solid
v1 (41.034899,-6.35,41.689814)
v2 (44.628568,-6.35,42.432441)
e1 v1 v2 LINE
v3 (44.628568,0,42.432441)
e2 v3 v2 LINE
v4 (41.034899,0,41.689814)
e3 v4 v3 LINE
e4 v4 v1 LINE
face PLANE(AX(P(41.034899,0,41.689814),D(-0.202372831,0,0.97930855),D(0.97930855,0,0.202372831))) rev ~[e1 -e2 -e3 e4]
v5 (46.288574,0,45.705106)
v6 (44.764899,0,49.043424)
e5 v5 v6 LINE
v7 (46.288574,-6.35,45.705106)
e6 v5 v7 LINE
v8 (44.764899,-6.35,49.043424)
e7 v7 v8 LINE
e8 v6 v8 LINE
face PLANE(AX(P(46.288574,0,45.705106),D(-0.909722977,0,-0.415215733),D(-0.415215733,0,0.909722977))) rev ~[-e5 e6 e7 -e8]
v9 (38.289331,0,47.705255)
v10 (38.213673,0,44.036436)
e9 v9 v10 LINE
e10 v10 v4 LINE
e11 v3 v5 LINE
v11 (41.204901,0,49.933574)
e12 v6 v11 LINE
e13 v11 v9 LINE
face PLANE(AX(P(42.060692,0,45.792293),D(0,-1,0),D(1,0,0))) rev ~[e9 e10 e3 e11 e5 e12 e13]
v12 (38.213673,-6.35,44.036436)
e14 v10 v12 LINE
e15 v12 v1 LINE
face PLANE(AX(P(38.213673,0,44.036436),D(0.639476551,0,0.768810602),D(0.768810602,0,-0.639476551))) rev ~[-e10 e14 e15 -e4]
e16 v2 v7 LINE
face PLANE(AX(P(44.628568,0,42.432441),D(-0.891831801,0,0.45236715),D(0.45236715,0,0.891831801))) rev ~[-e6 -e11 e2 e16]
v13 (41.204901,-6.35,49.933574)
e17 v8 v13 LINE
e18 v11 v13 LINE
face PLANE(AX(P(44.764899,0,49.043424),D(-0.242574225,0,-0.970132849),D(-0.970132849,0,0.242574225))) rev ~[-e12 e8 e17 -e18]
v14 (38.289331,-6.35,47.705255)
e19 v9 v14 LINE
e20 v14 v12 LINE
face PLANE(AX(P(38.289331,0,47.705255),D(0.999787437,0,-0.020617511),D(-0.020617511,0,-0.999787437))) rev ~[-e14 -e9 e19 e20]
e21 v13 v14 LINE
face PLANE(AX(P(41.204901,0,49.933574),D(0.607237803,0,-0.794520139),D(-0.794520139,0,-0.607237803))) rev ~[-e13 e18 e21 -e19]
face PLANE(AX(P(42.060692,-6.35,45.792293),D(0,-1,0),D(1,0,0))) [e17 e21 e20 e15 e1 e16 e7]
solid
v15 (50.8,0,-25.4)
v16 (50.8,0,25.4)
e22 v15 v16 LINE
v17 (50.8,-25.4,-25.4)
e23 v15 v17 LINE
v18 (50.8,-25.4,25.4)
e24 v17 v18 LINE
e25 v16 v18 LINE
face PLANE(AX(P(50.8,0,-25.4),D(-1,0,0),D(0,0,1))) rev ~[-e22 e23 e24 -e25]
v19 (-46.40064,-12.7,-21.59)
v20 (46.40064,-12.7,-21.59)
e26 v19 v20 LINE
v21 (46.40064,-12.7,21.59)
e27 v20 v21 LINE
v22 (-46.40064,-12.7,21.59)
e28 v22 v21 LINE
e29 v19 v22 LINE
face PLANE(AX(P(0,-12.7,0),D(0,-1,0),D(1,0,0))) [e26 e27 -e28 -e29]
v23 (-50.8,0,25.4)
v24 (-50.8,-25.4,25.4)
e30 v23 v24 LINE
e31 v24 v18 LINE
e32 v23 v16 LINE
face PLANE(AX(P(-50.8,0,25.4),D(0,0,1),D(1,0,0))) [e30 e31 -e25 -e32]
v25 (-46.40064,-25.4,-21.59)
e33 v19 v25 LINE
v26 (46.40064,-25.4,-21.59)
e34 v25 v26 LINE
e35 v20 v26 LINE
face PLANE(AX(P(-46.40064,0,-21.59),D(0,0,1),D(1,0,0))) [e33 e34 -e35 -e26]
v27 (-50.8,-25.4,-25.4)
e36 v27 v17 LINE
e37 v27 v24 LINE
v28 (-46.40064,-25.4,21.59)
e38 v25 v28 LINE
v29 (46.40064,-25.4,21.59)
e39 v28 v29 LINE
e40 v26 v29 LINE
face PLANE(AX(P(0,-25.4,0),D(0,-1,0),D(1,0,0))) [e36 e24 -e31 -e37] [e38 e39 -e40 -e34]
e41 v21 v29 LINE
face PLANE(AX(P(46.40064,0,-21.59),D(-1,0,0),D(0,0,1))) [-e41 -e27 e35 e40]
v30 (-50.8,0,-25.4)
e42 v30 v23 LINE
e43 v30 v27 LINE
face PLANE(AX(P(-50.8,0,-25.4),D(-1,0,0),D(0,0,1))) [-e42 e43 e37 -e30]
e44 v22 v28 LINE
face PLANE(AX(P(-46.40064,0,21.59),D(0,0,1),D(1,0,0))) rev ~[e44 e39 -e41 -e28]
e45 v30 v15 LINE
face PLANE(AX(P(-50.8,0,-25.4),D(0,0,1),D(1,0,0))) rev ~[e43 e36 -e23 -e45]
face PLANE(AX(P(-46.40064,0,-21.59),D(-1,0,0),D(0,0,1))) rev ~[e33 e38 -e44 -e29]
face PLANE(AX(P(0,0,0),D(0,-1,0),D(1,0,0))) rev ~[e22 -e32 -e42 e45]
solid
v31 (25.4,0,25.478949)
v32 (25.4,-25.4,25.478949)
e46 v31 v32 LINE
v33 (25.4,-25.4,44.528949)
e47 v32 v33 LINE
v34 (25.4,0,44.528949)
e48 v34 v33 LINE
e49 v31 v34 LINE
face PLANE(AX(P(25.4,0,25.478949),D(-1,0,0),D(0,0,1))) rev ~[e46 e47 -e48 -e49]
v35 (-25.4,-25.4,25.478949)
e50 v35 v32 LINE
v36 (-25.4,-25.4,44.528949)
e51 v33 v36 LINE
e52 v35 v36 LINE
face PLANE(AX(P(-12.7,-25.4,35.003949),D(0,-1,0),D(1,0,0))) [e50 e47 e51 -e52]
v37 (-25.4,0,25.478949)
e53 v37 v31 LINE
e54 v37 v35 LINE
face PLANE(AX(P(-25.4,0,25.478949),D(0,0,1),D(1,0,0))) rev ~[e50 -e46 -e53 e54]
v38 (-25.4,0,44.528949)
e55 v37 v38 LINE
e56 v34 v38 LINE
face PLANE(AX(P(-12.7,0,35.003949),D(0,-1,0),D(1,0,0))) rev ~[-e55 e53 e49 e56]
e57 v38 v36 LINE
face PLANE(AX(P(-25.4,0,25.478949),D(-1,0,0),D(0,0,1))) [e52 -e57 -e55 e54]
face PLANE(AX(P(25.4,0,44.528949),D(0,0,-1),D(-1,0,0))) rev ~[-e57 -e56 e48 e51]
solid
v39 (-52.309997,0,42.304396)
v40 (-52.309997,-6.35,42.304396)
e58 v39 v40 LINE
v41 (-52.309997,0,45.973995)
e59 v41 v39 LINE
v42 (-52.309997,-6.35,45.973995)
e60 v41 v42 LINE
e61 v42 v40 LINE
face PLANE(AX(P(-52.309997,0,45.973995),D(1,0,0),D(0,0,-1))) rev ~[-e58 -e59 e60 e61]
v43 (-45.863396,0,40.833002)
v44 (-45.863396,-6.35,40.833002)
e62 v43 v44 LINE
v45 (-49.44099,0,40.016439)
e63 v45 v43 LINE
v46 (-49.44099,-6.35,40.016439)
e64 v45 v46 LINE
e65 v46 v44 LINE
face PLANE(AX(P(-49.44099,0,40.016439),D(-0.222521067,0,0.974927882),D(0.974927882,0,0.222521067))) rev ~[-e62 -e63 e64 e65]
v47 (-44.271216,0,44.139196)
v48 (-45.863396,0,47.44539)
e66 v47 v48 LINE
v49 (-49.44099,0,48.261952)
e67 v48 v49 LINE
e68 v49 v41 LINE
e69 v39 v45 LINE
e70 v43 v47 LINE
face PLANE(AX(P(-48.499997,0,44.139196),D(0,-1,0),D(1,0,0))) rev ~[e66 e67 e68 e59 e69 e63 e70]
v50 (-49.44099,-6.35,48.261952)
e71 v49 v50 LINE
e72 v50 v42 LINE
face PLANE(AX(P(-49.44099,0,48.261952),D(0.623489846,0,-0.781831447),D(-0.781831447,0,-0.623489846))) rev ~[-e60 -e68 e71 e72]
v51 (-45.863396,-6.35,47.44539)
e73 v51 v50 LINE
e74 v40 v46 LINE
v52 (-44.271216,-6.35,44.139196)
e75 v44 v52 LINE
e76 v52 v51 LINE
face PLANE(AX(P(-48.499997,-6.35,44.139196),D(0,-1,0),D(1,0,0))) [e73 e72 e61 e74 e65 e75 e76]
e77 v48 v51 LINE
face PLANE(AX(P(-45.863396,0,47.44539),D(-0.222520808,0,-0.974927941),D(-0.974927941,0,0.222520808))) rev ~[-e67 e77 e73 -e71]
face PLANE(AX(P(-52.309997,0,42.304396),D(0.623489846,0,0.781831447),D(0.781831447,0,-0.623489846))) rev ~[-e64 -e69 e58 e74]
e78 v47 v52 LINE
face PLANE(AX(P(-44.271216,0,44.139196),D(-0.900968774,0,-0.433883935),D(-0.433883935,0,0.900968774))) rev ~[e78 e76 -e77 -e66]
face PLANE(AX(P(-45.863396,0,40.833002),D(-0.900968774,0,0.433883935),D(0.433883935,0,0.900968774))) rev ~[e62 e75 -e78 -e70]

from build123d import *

# Parameters (mm, degrees)
F0_W     = 92.80128
F0_H     = 43.18
F1_DEPTH = 12.7
F0_W_2   = 101.6
F0_H_2   = 50.8
F0_W_3   = 25.4
F0_H_3   = 19.05
F2_DEPTH = 25.4
F5_DEPTH = 6.35


with BuildPart() as f1:
    # F0 (on Front) → F1 (new body)
    with BuildSketch(Plane.XZ):
        Rectangle(F0_W, F0_H)
    extrude(amount=F1_DEPTH)

    # F0 (on Front) → F2 (join)
    with BuildSketch(Plane.XZ):
        Rectangle(F0_W_2, F0_H_2)
        Rectangle(F0_W, F0_H, mode=Mode.SUBTRACT)
        with Locations((-12.7, 35.003949)):
            Rectangle(F0_W_3, F0_H_3)
        with Locations((12.7, 35.003949)):
            Rectangle(F0_W_3, F0_H_3)
    extrude(amount=F2_DEPTH)


with BuildPart() as f5:
    # F4 (on Front) → F5 (new body)
    with BuildSketch(Plane.XZ):
        Polygon((-52.309997, 45.973995), (-52.309997, 42.304396), (-49.44099, 40.016439), (-45.863396, 40.833002), (-44.271216, 44.139196), (-45.863396, 47.44539), (-49.44099, 48.261952), align=None)
        Polygon((38.213673, 44.036436), (41.034899, 41.689814), (44.628568, 42.432441), (46.288574, 45.705106), (44.764899, 49.043424), (41.204901, 49.933574), (38.289331, 47.705255), align=None)
    extrude(amount=F5_DEPTH)


solid = Compound([f1.part, f5.part])
